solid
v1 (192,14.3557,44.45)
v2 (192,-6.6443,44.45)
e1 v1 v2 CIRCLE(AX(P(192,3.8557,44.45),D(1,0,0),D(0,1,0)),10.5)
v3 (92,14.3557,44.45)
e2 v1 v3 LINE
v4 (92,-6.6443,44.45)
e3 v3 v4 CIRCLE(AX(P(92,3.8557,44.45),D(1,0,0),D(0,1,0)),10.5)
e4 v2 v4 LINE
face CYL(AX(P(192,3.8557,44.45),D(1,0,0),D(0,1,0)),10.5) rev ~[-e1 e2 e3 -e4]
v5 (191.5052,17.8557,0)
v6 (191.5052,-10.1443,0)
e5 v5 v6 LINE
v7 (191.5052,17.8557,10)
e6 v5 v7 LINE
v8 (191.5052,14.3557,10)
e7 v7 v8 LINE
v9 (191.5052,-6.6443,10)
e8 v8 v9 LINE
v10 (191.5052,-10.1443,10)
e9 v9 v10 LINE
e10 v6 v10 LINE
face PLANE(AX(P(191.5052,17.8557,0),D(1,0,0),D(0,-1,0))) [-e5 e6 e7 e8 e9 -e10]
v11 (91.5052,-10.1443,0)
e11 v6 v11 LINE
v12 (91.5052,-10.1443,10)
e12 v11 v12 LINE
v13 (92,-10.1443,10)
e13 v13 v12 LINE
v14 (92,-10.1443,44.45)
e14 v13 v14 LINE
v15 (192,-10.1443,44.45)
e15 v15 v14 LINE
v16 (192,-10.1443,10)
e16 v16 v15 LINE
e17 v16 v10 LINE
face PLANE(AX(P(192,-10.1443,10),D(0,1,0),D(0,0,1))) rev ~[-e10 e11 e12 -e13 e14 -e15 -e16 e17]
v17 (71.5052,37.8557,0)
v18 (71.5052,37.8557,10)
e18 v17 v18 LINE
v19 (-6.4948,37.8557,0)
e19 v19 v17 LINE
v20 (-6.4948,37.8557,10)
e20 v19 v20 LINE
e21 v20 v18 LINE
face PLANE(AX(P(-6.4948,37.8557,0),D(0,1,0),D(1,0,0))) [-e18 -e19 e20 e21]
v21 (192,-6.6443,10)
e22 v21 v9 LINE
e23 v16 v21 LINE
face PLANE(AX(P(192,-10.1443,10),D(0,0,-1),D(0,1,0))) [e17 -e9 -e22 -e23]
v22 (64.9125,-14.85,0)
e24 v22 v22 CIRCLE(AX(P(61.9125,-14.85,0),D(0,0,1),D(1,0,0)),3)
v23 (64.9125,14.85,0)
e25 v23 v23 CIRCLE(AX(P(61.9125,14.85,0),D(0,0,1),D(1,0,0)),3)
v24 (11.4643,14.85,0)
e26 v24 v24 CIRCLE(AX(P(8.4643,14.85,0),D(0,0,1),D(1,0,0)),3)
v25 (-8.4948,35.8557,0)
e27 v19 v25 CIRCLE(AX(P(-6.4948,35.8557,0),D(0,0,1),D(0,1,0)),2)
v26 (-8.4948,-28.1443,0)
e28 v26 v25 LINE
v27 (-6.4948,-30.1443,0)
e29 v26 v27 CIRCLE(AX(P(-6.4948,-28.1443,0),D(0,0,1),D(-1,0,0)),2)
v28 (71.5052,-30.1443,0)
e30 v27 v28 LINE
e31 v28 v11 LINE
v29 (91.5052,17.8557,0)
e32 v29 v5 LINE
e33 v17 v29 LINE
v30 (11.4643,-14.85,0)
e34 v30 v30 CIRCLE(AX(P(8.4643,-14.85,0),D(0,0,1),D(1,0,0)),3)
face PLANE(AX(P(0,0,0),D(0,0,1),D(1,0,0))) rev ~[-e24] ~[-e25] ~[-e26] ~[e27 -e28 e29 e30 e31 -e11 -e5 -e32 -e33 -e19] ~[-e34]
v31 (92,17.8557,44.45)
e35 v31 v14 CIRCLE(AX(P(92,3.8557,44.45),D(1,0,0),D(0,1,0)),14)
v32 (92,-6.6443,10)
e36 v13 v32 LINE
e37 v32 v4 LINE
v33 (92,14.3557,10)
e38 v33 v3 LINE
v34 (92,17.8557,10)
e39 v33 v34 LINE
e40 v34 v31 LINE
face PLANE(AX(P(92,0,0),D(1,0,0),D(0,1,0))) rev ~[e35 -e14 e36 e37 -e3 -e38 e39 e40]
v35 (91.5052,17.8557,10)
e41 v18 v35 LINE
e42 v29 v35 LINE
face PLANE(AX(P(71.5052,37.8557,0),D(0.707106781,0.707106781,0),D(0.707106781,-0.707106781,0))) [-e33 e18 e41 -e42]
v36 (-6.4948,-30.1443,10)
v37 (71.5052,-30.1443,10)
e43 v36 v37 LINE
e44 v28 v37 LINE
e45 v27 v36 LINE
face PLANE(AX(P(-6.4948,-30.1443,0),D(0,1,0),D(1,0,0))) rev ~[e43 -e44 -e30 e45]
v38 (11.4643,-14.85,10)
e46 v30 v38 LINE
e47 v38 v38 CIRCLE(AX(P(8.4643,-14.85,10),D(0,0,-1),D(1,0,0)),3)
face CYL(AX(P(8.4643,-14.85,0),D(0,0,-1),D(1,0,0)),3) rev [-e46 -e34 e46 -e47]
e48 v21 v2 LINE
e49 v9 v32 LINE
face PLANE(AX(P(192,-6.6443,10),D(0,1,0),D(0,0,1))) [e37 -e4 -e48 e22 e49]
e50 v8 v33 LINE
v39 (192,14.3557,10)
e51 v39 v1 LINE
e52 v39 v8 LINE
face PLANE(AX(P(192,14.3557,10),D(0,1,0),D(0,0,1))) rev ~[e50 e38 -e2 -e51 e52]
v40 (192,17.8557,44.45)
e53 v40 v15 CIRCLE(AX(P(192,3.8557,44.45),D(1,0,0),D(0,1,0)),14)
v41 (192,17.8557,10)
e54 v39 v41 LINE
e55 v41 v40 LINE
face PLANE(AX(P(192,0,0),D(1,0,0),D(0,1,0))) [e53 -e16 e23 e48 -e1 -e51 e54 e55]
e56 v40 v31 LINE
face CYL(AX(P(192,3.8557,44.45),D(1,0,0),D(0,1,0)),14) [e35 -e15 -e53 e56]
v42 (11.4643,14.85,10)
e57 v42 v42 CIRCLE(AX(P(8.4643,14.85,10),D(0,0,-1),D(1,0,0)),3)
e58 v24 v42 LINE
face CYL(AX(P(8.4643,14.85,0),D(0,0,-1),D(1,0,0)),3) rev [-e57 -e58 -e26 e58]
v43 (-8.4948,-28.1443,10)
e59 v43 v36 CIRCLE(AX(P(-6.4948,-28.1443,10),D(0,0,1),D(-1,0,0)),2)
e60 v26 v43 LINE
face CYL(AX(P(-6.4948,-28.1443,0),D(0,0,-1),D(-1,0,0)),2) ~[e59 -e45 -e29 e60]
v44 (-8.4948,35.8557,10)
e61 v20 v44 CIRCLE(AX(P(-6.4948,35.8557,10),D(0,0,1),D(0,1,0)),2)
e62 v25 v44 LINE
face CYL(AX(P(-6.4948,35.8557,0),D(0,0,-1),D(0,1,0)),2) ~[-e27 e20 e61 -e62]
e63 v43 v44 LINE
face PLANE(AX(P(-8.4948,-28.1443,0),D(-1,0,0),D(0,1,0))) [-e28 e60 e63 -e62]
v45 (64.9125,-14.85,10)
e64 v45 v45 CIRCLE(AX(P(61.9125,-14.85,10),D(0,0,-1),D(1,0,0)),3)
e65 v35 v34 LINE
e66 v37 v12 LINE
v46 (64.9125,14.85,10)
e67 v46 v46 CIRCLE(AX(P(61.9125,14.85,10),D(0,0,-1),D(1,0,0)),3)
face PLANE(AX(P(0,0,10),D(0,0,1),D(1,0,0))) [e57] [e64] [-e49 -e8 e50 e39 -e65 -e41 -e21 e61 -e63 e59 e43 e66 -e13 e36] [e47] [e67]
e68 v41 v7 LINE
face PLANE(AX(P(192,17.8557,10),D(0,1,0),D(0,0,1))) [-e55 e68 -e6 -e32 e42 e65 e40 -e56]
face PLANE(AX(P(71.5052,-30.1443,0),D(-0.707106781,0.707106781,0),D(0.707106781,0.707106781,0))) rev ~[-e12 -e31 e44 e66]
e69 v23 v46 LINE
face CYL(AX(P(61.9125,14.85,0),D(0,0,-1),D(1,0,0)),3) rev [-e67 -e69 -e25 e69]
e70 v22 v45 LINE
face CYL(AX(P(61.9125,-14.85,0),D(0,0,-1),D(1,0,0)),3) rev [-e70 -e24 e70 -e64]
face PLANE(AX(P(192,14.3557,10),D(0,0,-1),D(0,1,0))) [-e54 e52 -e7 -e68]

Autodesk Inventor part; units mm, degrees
ref_plane "XZ Plane" through (0, 0, 0) normal (0, 1, 0) x (-1, 0, 0)
ref_plane "XY Plane" through (0, 0, 0) normal (0, 0, 1) x (1, 0, 0)
sketch "Sketch4" plane through (0, 0, 0) normal (0, 0, 1) x (1, 0, 0)
  line L0 (-8.4948, -28.1443) -> (-8.4948, 35.8557)
  line L1 (-6.4948, 37.8557) -> (71.5052, 37.8557)
  line L2 (71.5052, 37.8557) -> (91.5052, 17.8557)
  line L3 (-6.4948, -30.1443) -> (71.5052, -30.1443)
  line L4 (71.5052, -30.1443) -> (91.5052, -10.1443)
  line L5 (91.5052, -10.1443) -> (91.5052, 17.8557)
  line L6 (91.5052, 17.8557) -> (191.5052, 17.8557)
  line L7 (191.5052, 17.8557) -> (191.5052, -10.1443)
  line L8 (191.5052, -10.1443) -> (91.5052, -10.1443)
  arc A0 (-6.4948, 37.8557) -> (-8.4948, 35.8557) centre (-6.4948, 35.8557) ccw
  arc A1 (-8.4948, -28.1443) -> (-6.4948, -30.1443) centre (-6.4948, -28.1443) ccw
  line L9 (71.5052, 37.8557) -> (91.5052, 17.8557)
  line L10 (71.5052, -30.1443) -> (91.5052, -10.1443)
  line L11 (91.5052, 17.8557) -> (91.5052, -10.1443)
  point P0 (0, 0)
  point P1 (-8.4948, -30.1443)
  point P2 (-8.4948, 37.8557)
  dimension "d7" = 68
  dimension "d8" = 80
  dimension "d9" = 80
  dimension "d10" = 135
  dimension "d11" = 135
  dimension "d12" = 20
  dimension "d13" = 20
  dimension "d14" = 28
  dimension "d15" = 2
  dimension "d16" = 2
  dimension "d19" = 100
extrude "Extrusion2" add sketch "Sketch4" along normal blind 10
ref_plane "Work Plane1" through (192, 0, 0) normal (1, 0, 0) x (0, 1, 0)
sketch "Sketch5" plane through (192, 0, 0) normal (1, 0, 0) x (0, 1, 0)
  line L0 (17.8557, 10) -> (17.8557, 44.45)
  line L1 (-10.1443, 0) -> (-10.1443, 10) projected
  line L2 (-10.1443, 10) -> (-10.1443, 44.45)
  arc A0 (17.8557, 44.45) -> (-10.1443, 44.45) centre (3.8557, 44.45) ccw
  line L3 (14.3557, 10) -> (14.3557, 44.45)
  line L4 (-6.6443, 10) -> (-6.6443, 44.45)
  arc A1 (14.3557, 44.45) -> (-6.6443, 44.45) centre (3.8557, 44.45) ccw
  line L5 (14.3557, 44.45) -> (14.3557, 10)
  line L6 (-6.6443, 44.45) -> (-6.6443, 10)
  line L7 (-10.1443, 10) -> (17.8557, 10) projected
  line L8 (17.8557, 10) -> (14.3557, 10)
  line L9 (-6.6443, 10) -> (-10.1443, 10)
  point P0 (0, 0)
  dimension "d21" = 34.45
  dimension "d22" = 3.5
  dimension "d23" = 3.5
extrude "Extrusion3" add sketch "Sketch5" against normal blind 100 contours L7 L3 A1 L4 L2 A0 L0
sketch "Sketch6" plane through (0, 0, 0) normal (0, 0, 1) x (1, 0, 0)
  line L0 (-54.1714, 0) -> (81.2571, 0)
  line L1 (8.4643, 0) -> (8.4643, 14.85)
  line L2 (8.4643, 0) -> (8.4643, -14.85)
  circle A0 centre (8.4643, 14.85) radius 3
  circle A1 centre (8.4643, -14.85) radius 3
  line L3 (61.9125, 0) -> (61.9125, 14.85)
  line L4 (61.9125, 0) -> (61.9125, -14.85)
  circle A2 centre (61.9125, 14.85) radius 3
  circle A3 centre (61.9125, -14.85) radius 3
  point P0 (0, 0)
  dimension "d26" = 14.85
  dimension "d27" = 14.85
  dimension "d28" = 6
  dimension "d29" = 6
  dimension "d30" = 14.85
  dimension "d31" = 14.85
  dimension "d32" = 6
  dimension "d33" = 6
extrude "Extrusion4" cut sketch "Sketch6" along normal blind 10
thread "Thread1" size "M6x1" class "6H" standard "ANSI Metric M Profile" full length
thread "Thread2" size "M6x1" class "6H" standard "ANSI Metric M Profile" full length
thread "Thread3" size "M6x1" class "6H" standard "ANSI Metric M Profile" full length
thread "Thread4" size "M6x1" class "6H" standard "ANSI Metric M Profile" full length
properties part number "WireHolderPiece1"
